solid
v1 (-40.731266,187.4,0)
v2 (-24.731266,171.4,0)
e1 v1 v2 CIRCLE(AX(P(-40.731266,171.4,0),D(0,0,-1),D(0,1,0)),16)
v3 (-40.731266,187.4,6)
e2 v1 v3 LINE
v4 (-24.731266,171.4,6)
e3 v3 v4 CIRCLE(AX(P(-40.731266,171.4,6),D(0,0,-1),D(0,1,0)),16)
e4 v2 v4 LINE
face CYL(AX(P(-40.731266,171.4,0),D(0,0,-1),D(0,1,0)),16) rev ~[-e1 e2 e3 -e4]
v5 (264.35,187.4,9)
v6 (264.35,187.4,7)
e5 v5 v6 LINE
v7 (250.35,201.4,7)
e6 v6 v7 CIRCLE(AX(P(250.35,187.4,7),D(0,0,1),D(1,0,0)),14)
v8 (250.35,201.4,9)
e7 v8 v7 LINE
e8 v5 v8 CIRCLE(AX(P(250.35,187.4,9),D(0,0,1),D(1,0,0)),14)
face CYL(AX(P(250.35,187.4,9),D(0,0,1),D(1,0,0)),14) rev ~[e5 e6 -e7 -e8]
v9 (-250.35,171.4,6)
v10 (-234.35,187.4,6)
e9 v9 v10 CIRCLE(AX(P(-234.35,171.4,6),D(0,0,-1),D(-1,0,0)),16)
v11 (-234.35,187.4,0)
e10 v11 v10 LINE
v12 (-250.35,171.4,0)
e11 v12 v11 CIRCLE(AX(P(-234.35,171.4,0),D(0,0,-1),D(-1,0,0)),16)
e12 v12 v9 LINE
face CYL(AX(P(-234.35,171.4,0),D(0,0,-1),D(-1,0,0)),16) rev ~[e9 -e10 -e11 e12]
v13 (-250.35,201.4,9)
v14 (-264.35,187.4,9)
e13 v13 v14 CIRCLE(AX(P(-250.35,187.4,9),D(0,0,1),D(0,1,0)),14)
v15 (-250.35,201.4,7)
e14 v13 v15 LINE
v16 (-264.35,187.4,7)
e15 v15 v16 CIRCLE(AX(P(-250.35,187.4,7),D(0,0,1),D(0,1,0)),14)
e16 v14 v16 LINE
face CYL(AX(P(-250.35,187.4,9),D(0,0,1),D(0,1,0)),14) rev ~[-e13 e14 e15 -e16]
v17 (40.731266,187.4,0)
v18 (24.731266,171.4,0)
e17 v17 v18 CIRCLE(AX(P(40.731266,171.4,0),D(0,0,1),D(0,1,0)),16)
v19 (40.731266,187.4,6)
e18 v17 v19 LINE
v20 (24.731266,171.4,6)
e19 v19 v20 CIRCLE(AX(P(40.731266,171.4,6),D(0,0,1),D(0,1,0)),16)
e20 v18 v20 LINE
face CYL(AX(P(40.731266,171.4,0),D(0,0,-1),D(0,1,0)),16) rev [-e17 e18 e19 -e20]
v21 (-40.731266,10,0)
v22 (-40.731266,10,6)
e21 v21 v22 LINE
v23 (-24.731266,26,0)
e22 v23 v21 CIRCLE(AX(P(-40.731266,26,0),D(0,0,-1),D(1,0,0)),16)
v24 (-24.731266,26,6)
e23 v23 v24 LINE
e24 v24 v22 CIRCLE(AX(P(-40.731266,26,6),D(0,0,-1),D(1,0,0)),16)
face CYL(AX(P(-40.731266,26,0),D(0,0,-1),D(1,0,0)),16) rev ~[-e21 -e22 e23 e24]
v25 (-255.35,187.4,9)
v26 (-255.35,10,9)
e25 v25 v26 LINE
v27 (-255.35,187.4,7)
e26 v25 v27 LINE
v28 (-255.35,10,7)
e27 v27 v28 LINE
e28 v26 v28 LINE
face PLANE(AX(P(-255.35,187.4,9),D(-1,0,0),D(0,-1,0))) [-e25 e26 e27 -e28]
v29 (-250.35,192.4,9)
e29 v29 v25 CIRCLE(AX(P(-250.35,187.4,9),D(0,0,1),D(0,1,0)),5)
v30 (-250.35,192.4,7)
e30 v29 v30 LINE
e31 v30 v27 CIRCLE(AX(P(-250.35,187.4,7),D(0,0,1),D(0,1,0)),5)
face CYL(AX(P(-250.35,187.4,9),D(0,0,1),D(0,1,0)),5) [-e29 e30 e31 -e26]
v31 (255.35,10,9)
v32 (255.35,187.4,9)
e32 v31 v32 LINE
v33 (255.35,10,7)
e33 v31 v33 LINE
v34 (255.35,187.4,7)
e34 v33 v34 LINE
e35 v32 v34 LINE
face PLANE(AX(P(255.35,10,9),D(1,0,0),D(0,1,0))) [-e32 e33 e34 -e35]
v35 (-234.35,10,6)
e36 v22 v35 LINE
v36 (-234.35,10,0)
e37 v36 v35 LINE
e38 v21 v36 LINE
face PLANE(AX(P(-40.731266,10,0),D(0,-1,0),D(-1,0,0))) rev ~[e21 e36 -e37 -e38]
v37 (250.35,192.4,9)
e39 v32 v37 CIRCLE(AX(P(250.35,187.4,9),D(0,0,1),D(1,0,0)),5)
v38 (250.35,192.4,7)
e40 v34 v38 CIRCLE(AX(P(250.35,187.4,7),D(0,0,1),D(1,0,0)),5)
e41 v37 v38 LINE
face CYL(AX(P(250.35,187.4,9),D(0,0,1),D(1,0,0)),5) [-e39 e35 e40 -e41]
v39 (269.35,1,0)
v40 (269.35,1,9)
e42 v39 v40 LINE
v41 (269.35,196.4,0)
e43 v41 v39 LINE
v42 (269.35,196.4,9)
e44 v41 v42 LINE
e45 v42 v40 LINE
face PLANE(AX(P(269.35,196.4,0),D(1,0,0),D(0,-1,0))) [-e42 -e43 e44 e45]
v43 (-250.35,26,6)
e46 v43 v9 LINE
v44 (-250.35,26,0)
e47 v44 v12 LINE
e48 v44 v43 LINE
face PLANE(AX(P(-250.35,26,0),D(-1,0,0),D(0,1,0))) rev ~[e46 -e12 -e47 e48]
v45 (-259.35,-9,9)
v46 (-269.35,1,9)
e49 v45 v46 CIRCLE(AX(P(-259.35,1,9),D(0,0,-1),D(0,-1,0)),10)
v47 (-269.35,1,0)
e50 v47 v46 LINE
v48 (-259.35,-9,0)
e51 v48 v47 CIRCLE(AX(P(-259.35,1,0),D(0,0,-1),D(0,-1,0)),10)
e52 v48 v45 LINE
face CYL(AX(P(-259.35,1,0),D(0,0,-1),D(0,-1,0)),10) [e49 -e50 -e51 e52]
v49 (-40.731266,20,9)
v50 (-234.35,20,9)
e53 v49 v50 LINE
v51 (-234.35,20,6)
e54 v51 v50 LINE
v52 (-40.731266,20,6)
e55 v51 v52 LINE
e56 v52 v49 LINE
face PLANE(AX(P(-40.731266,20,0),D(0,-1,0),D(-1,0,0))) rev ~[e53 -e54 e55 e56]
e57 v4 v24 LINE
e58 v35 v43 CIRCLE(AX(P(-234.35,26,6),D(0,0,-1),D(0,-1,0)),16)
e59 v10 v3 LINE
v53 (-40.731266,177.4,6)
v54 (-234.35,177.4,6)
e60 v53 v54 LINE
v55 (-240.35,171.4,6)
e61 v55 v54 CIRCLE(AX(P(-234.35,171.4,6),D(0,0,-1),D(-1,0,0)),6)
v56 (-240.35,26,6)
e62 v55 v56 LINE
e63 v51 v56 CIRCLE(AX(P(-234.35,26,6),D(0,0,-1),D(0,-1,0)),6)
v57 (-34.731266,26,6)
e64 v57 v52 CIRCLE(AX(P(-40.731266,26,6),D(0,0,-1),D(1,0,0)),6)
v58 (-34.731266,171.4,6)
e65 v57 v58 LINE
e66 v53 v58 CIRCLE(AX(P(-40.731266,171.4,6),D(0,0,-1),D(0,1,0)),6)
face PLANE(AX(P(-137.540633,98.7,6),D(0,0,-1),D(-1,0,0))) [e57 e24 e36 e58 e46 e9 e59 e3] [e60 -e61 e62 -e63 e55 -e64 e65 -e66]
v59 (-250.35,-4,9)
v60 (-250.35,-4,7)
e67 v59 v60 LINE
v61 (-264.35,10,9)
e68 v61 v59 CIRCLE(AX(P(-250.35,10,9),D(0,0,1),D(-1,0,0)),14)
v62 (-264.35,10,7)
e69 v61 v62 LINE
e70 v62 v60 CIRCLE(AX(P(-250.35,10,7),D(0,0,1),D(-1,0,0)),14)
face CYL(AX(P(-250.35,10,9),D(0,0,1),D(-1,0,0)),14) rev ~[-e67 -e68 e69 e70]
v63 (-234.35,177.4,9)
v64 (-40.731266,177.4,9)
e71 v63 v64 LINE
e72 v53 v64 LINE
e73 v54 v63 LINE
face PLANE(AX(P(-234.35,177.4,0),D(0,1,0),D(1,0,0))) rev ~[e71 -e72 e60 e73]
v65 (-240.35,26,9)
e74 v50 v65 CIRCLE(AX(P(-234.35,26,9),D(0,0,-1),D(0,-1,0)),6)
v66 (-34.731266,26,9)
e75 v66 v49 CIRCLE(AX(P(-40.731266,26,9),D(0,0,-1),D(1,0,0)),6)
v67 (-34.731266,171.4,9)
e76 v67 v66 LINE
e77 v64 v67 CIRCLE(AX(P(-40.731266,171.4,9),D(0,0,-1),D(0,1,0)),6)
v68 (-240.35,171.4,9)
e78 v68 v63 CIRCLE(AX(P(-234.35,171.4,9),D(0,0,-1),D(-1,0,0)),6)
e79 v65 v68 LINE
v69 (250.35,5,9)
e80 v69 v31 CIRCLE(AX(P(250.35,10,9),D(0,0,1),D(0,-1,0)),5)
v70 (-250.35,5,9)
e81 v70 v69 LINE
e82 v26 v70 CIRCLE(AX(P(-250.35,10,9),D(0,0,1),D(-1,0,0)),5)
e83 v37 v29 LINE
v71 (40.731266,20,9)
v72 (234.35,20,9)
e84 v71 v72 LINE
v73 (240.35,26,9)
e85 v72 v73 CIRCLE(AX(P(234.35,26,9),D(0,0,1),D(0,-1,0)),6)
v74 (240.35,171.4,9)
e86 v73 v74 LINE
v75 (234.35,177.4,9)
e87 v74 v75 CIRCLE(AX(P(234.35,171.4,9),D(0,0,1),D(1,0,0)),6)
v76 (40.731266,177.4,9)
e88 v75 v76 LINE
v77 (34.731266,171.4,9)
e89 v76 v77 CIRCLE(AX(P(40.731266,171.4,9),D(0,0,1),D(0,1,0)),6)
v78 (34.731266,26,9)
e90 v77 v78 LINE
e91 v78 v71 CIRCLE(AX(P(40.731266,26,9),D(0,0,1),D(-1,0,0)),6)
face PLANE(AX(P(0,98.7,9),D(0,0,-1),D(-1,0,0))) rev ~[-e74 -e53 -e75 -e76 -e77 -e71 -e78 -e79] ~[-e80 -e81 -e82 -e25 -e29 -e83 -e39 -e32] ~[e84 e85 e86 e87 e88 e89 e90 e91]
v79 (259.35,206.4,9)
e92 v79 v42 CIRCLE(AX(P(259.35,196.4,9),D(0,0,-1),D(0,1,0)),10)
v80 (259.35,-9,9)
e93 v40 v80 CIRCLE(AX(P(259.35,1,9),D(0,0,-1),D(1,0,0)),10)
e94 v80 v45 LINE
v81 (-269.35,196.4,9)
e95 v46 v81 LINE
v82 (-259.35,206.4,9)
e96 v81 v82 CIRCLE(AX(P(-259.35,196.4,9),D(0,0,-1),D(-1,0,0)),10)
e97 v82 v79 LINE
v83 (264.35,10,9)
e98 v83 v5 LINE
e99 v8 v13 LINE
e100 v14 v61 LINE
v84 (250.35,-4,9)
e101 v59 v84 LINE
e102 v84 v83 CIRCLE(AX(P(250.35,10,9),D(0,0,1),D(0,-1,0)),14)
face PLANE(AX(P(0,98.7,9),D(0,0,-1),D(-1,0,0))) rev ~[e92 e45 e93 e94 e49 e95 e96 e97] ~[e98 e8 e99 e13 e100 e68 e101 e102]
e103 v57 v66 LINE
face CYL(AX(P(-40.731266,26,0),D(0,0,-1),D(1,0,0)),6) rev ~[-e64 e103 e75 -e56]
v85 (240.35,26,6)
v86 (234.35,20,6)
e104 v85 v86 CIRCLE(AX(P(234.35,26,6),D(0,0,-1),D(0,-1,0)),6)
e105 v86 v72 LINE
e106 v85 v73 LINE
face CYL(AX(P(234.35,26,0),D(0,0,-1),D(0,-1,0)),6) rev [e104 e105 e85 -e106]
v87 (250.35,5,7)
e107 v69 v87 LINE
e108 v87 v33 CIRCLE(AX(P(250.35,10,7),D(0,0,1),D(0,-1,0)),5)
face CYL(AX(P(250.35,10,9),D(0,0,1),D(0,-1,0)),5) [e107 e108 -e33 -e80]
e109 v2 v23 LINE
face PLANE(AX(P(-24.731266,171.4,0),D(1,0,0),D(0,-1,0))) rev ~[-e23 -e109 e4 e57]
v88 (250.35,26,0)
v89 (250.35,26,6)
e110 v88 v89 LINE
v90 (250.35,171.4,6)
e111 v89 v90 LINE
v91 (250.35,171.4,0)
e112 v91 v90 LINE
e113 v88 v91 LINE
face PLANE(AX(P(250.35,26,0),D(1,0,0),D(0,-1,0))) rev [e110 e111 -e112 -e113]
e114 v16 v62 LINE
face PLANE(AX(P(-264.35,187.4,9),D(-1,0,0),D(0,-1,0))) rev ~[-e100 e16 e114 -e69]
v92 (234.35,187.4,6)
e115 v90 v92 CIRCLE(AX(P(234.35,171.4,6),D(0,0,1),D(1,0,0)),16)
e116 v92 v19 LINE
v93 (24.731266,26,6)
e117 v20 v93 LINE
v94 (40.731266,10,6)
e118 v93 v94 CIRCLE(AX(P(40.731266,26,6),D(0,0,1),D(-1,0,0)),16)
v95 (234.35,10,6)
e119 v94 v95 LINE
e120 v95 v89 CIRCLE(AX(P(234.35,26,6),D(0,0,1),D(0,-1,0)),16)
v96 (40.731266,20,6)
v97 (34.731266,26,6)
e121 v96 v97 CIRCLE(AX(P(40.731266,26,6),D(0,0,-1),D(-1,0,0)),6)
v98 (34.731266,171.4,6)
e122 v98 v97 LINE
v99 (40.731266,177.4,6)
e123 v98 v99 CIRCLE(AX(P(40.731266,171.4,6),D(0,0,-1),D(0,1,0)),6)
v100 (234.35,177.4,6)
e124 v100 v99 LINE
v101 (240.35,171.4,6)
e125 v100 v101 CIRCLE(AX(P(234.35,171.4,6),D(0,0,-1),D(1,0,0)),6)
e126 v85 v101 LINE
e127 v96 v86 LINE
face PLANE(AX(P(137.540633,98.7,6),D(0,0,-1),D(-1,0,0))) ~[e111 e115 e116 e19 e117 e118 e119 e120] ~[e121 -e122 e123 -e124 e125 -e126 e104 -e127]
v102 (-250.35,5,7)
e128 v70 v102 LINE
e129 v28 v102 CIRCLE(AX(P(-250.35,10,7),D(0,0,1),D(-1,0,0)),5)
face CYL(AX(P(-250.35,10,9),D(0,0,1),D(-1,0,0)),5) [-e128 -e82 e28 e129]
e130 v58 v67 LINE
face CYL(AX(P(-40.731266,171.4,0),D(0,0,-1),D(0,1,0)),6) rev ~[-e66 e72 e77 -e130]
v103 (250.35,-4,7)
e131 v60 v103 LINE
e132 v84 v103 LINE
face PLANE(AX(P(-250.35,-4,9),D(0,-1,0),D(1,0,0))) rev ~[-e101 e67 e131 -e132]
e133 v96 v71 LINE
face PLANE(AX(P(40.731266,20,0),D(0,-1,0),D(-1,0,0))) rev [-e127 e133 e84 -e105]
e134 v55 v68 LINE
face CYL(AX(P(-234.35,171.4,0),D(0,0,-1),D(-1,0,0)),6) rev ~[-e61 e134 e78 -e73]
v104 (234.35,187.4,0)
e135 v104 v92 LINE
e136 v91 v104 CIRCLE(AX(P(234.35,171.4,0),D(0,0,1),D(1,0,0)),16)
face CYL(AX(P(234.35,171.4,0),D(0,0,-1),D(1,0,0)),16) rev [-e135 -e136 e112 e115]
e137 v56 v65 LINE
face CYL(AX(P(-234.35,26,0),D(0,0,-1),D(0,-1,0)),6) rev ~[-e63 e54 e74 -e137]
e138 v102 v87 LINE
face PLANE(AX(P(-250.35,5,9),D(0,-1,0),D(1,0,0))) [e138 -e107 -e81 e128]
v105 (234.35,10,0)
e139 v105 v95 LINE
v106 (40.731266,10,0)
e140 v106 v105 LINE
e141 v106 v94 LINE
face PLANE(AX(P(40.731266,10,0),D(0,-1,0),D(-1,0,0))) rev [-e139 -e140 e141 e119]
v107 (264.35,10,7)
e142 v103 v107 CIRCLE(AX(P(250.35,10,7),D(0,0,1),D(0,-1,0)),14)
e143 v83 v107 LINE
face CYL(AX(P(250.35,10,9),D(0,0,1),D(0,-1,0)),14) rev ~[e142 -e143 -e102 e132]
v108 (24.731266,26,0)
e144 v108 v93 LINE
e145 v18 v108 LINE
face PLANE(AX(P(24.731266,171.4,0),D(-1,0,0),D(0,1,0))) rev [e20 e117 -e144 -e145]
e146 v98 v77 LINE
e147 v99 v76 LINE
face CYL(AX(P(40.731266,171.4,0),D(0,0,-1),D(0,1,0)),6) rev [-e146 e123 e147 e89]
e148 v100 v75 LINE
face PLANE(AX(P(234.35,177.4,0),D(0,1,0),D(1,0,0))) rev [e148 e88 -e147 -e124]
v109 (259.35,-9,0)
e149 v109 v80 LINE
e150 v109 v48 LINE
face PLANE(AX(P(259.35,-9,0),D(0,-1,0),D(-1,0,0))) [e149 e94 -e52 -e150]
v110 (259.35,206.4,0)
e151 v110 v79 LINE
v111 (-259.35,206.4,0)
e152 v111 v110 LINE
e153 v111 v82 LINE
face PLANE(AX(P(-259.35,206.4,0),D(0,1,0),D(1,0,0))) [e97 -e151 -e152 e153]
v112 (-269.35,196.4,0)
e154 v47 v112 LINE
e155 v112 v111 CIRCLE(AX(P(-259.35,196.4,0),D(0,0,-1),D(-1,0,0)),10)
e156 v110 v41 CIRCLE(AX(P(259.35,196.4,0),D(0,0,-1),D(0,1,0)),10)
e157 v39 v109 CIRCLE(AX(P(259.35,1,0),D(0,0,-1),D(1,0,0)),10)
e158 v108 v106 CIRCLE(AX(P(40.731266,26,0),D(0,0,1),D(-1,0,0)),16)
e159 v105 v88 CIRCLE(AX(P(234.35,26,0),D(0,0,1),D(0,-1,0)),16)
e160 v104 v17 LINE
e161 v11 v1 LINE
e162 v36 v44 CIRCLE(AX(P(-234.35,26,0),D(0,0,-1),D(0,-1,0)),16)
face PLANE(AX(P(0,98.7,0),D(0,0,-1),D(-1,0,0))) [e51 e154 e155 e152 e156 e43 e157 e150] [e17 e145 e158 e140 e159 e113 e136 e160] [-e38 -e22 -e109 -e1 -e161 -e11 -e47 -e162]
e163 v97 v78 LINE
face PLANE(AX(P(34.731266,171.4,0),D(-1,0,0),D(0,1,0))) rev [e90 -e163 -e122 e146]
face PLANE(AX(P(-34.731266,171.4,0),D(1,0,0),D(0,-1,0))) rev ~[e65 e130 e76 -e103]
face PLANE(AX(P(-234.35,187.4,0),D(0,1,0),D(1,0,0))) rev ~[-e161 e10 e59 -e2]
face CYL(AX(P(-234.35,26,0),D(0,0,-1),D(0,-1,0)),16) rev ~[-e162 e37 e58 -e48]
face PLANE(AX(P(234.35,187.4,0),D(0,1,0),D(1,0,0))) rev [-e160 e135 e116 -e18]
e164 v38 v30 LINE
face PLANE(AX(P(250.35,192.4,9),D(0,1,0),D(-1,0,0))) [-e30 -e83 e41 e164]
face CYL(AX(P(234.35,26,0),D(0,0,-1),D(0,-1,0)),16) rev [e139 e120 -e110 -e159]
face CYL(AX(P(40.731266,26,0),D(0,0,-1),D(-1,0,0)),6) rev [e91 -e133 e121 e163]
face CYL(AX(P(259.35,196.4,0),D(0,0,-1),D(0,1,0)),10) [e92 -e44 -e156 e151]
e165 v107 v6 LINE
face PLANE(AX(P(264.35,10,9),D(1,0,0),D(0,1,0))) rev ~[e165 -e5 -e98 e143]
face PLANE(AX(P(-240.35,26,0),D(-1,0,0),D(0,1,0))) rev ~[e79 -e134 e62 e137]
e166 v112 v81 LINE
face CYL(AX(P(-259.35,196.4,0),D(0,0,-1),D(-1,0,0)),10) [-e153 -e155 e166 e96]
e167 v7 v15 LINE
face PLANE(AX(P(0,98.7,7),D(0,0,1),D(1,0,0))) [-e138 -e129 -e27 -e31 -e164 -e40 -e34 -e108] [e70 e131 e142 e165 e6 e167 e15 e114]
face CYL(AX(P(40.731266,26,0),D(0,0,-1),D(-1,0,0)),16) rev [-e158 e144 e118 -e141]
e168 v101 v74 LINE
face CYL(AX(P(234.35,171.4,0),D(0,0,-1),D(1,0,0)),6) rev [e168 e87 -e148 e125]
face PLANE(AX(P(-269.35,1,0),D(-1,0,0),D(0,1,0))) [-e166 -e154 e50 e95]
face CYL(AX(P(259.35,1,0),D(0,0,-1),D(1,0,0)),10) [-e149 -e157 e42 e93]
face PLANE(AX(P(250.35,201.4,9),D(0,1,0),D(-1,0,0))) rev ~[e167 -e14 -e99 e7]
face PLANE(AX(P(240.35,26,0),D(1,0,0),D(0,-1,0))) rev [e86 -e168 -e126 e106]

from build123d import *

# Parameters (mm, degrees)
BOSS_EXTRUDE1_DEPTH = 9
CUT_EXTRUDE1_DEPTH  = 2
CUT_EXTRUDE2_DEPTH  = 9
CUT_EXTRUDE4_DEPTH  = 6


with BuildPart() as part:
    # Sketch1 → Boss-Extrude1 (new body)
    with BuildSketch(Plane.XY):
        with BuildLine():
            Line((259.35, -9), (-259.35, -9))
            ThreePointArc((-259.35, -9), (-266.421067812, -6.071067812), (-269.35, 1))
            Line((-269.35, 1), (-269.35, 196.4))
            ThreePointArc((-269.35, 196.4), (-266.421067812, 203.471067812), (-259.35, 206.4))
            Line((-259.35, 206.4), (259.35, 206.4))
            ThreePointArc((259.35, 206.4), (266.421067812, 203.471067812), (269.35, 196.4))
            Line((269.35, 196.4), (269.35, 1))
            ThreePointArc((269.35, 1), (266.421067812, -6.071067812), (259.35, -9))
        make_face()
    extrude(amount=BOSS_EXTRUDE1_DEPTH)

    # Sketch4 → Cut-Extrude1 (cut)
    with BuildSketch(Plane.XY.offset(9)):
        with BuildLine():
            Line((-250.35, -4), (250.35, -4))
            ThreePointArc((250.35, -4), (260.249494937, 0.100505063), (264.35, 10))
            Line((264.35, 10), (264.35, 187.4))
            ThreePointArc((264.35, 187.4), (260.249494937, 197.299494937), (250.35, 201.4))
            Line((250.35, 201.4), (-250.35, 201.4))
            ThreePointArc((-250.35, 201.4), (-260.249494937, 197.299494937), (-264.35, 187.4))
            Line((-264.35, 187.4), (-264.35, 10))
            ThreePointArc((-264.35, 10), (-260.249494937, 0.100505063), (-250.35, -4))
        make_face()
        with BuildLine():
            Line((-250.35, 5), (250.35, 5))
            ThreePointArc((250.35, 5), (253.885533906, 6.464466094), (255.35, 10))
            Line((255.35, 10), (255.35, 187.4))
            ThreePointArc((255.35, 187.4), (253.885533906, 190.935533906), (250.35, 192.4))
            Line((250.35, 192.4), (-250.35, 192.4))
            ThreePointArc((-250.35, 192.4), (-253.885533906, 190.935533906), (-255.35, 187.4))
            Line((-255.35, 187.4), (-255.35, 10))
            ThreePointArc((-255.35, 10), (-253.885533906, 6.464466094), (-250.35, 5))
        make_face(mode=Mode.SUBTRACT)
    extrude(amount=-CUT_EXTRUDE1_DEPTH, mode=Mode.SUBTRACT)

    # Sketch5 → Cut-Extrude2 (cut)
    with BuildSketch(Plane.XY):
        with BuildLine():
            Line((-234.35, 177.4), (-40.731266216, 177.4))
            ThreePointArc((-40.731266216, 177.4), (-36.488625529, 175.642640687), (-34.731266216, 171.4))
            Line((-34.731266216, 171.4), (-34.731266216, 26))
            ThreePointArc((-34.731266216, 26), (-36.488625529, 21.757359313), (-40.731266216, 20))
            Line((-40.731266216, 20), (-234.35, 20))
            ThreePointArc((-234.35, 20), (-238.592640687, 21.757359313), (-240.35, 26))
            Line((-240.35, 26), (-240.35, 171.4))
            ThreePointArc((-240.35, 171.4), (-238.592640687, 175.642640687), (-234.35, 177.4))
        make_face()
    cut_extrude2 = extrude(amount=CUT_EXTRUDE2_DEPTH, mode=Mode.SUBTRACT)

    # Sketch7 → Cut-Extrude4 (cut)
    with BuildSketch(Plane(origin=(0, 0, 0), x_dir=(-1, 0, 0), z_dir=(0, 0, -1))):
        with BuildLine():
            Line((250.35, 26), (250.35, 171.4))
            ThreePointArc((250.35, 171.4), (245.663708499, 182.713708499), (234.35, 187.4))
            Line((234.35, 187.4), (40.731266216, 187.4))
            ThreePointArc((40.731266216, 187.4), (29.417557717, 182.713708499), (24.731266216, 171.4))
            Line((24.731266216, 171.4), (24.731266216, 26))
            ThreePointArc((24.731266216, 26), (29.417557717, 14.686291501), (40.731266216, 10))
            Line((40.731266216, 10), (234.35, 10))
            ThreePointArc((234.35, 10), (245.663708499, 14.686291501), (250.35, 26))
        make_face()
    cut_extrude4 = extrude(amount=-CUT_EXTRUDE4_DEPTH, mode=Mode.SUBTRACT)

    # Mirror1: Cut-Extrude2, Cut-Extrude4 across plane
    add(cut_extrude2.mirror(Plane(origin=(0, 0, 0), x_dir=(0, 0, 1), z_dir=(1, 0, 0))), mode=Mode.SUBTRACT)
    add(cut_extrude4.mirror(Plane(origin=(0, 0, 0), x_dir=(0, 0, 1), z_dir=(1, 0, 0))), mode=Mode.SUBTRACT)


solid = part.part
